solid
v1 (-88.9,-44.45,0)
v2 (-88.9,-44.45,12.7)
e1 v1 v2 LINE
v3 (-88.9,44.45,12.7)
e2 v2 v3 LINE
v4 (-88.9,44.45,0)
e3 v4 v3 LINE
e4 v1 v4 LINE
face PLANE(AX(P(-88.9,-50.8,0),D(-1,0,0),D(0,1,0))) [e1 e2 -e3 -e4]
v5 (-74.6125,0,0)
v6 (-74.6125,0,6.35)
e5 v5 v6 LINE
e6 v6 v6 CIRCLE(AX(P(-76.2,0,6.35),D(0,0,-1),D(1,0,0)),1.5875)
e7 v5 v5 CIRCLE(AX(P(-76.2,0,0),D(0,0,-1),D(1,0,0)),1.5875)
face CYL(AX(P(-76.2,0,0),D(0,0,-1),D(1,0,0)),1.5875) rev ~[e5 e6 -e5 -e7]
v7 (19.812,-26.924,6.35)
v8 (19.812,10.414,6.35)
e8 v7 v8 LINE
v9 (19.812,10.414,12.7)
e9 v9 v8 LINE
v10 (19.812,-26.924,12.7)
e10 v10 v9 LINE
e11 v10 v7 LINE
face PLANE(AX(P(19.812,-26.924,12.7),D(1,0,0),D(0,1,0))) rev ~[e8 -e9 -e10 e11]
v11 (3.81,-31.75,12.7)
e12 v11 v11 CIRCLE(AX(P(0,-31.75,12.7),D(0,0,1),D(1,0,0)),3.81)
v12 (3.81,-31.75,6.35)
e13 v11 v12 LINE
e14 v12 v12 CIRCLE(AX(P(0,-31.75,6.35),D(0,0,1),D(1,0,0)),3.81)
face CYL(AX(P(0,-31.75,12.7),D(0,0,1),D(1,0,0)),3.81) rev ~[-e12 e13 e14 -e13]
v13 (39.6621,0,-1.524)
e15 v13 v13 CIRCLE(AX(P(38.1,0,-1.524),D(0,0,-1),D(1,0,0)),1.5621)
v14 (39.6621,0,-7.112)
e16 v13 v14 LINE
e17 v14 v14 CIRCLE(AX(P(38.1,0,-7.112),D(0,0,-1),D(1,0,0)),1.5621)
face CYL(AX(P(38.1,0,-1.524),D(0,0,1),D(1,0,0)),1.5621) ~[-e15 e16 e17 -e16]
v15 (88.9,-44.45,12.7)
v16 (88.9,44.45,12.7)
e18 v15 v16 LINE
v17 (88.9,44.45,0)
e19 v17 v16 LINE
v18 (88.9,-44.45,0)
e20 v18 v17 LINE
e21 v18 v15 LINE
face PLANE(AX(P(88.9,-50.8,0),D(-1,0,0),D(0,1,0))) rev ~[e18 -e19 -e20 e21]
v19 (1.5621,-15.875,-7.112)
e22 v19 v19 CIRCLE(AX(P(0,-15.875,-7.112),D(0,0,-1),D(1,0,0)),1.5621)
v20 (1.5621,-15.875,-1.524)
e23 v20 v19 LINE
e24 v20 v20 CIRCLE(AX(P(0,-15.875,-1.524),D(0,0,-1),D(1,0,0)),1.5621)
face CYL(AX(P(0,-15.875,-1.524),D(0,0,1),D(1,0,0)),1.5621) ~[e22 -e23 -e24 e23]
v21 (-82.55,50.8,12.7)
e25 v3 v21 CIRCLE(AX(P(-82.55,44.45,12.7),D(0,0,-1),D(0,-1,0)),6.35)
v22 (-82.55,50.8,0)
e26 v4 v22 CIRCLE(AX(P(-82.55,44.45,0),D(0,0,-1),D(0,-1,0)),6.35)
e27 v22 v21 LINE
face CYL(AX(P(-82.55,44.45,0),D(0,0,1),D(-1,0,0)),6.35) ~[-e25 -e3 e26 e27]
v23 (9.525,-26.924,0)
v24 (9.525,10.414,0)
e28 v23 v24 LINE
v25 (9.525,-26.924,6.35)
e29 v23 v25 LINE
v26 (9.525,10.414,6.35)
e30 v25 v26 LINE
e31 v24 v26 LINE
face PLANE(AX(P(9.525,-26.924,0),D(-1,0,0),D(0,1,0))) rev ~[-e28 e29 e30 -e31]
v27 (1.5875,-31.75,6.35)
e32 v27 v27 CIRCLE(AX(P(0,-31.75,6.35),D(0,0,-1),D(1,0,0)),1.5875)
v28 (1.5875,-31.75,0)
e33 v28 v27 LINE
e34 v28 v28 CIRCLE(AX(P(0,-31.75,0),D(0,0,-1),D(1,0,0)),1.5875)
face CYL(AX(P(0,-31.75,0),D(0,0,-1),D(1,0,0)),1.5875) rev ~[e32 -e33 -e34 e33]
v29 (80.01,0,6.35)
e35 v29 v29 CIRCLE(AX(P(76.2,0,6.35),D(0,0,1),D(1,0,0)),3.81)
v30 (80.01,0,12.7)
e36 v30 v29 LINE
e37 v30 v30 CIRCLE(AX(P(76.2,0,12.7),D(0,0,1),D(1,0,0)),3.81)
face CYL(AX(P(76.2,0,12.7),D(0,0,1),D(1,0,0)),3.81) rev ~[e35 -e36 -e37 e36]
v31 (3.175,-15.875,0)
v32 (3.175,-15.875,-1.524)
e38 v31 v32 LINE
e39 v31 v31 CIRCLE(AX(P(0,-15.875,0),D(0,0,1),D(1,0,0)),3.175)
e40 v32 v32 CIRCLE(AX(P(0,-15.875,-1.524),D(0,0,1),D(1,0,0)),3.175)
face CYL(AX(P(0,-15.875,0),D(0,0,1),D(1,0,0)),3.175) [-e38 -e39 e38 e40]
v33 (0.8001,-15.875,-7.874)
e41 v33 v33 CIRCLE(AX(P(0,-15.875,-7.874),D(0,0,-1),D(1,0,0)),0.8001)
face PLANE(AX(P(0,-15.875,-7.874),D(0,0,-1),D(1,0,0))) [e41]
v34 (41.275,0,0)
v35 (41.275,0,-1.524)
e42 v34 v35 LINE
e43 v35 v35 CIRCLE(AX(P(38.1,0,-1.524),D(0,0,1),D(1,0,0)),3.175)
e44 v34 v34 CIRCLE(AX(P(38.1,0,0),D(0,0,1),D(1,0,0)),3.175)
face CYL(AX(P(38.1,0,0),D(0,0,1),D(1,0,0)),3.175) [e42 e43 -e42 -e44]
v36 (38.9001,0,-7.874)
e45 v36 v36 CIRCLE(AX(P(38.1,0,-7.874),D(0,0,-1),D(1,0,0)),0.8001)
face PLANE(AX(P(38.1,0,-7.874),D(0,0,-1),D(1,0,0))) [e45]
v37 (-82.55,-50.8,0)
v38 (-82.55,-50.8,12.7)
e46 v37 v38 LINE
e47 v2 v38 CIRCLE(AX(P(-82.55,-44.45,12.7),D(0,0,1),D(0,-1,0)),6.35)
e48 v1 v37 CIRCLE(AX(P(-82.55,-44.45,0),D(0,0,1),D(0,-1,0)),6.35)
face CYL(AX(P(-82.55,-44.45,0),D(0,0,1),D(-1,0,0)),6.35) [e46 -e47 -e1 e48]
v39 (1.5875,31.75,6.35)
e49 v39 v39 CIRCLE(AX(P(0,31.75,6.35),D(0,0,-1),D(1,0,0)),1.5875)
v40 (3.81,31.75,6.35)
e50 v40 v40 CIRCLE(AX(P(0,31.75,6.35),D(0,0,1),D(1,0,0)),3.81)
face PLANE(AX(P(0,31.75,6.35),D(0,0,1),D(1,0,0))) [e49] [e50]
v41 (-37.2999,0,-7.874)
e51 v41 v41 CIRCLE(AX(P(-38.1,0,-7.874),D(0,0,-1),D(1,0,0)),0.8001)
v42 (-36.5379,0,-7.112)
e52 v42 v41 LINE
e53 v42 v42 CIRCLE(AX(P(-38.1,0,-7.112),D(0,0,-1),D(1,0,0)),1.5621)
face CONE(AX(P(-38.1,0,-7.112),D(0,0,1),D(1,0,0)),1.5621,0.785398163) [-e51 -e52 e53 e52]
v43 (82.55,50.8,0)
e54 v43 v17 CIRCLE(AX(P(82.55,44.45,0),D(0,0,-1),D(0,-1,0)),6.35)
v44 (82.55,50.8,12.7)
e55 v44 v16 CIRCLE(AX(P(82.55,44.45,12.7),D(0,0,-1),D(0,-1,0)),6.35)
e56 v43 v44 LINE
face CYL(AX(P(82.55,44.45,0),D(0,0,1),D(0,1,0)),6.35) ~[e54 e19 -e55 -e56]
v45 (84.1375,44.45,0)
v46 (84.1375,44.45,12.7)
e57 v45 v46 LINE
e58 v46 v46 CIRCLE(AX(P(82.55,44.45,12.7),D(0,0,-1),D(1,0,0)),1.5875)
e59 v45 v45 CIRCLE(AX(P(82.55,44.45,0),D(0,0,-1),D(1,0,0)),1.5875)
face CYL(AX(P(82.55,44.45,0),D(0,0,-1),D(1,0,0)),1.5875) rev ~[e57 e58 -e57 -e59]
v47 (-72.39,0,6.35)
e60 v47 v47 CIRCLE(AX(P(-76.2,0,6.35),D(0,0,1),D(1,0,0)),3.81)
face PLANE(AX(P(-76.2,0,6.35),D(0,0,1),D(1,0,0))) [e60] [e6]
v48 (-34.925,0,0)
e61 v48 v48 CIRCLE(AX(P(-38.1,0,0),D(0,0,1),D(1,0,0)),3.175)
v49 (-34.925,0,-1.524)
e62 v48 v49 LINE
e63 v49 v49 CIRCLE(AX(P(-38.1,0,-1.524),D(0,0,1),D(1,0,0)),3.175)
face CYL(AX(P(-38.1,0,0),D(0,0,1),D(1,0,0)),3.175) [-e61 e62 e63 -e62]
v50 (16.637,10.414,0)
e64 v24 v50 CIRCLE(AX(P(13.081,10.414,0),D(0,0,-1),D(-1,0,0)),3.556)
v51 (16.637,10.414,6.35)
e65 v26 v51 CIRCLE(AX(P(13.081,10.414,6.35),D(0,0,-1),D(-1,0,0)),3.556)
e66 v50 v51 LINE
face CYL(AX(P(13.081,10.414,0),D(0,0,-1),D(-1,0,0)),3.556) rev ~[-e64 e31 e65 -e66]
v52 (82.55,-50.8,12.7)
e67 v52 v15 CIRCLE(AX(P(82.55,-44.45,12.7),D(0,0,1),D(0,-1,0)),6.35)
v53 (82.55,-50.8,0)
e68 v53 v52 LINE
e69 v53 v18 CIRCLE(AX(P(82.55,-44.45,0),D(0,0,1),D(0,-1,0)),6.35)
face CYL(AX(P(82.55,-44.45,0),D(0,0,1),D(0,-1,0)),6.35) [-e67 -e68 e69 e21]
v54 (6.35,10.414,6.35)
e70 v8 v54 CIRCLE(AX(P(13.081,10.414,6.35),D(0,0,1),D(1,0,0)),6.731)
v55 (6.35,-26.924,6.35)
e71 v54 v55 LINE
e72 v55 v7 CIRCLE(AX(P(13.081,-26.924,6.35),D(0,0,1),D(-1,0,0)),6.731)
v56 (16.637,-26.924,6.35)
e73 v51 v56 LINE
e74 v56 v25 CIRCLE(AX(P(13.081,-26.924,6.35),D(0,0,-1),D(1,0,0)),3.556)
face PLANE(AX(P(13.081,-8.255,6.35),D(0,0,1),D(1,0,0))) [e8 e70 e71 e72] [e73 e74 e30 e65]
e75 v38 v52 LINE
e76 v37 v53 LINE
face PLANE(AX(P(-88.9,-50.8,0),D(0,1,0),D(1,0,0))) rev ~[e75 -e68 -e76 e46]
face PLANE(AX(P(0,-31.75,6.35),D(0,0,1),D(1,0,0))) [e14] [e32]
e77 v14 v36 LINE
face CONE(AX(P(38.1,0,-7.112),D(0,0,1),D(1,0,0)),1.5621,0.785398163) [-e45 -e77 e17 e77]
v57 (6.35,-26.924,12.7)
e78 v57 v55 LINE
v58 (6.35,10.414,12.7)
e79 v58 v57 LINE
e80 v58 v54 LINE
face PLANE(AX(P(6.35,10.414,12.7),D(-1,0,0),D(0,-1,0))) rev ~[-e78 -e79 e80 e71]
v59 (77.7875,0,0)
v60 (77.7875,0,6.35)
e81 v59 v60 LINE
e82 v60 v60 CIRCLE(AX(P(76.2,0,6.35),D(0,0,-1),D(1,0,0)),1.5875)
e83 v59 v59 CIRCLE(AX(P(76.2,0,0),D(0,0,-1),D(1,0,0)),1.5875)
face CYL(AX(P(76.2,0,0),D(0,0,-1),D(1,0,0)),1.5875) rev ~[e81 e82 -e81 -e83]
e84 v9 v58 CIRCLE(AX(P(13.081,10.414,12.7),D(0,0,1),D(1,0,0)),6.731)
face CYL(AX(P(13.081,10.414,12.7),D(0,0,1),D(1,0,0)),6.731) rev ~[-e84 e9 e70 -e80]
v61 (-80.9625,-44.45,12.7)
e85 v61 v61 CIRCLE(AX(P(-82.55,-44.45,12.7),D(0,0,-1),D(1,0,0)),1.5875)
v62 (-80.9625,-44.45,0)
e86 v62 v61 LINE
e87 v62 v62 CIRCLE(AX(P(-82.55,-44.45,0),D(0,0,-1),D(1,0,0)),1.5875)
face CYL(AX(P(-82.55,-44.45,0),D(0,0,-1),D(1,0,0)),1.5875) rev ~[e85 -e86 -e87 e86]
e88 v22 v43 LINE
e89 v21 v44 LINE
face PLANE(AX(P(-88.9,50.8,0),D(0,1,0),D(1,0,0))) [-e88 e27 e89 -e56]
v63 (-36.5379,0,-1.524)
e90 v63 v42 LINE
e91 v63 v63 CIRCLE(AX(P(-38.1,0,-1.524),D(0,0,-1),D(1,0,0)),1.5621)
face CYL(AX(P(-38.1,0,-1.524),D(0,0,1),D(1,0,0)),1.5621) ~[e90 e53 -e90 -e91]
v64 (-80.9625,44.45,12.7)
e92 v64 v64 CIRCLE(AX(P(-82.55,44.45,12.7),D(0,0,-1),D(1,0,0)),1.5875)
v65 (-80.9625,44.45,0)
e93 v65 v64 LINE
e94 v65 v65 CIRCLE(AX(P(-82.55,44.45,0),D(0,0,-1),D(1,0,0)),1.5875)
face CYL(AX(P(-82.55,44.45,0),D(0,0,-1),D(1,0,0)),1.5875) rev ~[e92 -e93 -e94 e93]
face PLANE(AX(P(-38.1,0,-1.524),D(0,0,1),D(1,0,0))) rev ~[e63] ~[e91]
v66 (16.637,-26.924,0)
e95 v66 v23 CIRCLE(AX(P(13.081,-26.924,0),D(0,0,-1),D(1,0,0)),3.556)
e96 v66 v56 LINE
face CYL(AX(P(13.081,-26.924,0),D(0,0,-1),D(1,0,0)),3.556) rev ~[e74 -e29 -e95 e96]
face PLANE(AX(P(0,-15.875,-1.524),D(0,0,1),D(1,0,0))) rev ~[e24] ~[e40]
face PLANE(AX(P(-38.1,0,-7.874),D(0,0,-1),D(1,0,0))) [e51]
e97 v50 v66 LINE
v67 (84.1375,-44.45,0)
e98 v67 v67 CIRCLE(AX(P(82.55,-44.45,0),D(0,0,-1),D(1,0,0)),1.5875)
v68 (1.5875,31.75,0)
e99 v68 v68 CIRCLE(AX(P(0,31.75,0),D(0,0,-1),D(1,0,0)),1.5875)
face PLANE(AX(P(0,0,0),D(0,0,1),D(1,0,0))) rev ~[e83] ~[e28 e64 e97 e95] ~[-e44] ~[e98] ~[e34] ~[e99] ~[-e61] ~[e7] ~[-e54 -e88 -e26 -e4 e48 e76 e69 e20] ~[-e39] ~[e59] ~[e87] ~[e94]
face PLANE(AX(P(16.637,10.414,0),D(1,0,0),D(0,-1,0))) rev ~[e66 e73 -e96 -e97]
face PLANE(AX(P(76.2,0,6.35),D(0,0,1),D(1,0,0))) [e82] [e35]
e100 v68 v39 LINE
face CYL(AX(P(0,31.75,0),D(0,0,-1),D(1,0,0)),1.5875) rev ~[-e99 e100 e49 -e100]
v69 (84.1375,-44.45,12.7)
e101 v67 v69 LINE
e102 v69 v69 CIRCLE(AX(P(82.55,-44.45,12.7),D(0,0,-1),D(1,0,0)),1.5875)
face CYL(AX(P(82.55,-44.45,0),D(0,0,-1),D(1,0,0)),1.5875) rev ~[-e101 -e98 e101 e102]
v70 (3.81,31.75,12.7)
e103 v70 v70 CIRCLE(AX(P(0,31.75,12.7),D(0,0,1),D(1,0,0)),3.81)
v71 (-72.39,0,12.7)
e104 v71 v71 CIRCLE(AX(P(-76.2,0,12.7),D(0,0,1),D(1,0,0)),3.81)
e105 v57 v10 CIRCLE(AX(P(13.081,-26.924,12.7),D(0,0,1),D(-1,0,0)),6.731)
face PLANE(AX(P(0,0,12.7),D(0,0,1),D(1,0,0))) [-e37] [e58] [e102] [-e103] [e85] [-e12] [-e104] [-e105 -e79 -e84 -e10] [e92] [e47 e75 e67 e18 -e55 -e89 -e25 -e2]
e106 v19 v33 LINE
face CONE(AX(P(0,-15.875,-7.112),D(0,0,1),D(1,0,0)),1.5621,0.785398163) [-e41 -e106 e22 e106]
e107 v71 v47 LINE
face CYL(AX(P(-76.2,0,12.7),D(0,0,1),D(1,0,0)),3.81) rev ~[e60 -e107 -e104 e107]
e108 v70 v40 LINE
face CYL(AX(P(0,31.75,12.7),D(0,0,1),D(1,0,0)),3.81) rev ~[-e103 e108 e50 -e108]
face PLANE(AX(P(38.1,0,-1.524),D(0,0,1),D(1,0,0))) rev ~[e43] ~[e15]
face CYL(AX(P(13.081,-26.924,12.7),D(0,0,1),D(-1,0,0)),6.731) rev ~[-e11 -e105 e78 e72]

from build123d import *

# Parameters (mm, degrees)
F0_W      = 177.8
F0_H      = 101.6
F1_DEPTH  = 12.7
F2_R      = 3.175
F3_DEPTH  = 1.524
F4_R      = 1.5621
F5_DEPTH  = 6.35
F6_SIZE   = 0.762
F7_R      = 6.35
F8_R      = 1.5875
F9_DEPTH  = 12.701
F10_R     = 1.5875
F11_DEPTH = 12.701
F12_R     = 3.81
F13_DEPTH = 6.35
F15_DEPTH = 12.701
F17_DEPTH = 6.35
F18_R     = 1.5875
F19_DEPTH = 12.701
F20_R     = 3.81
F21_DEPTH = 6.35


with BuildPart() as f1:
    # F0 (on Top) → F1 (new body)
    with BuildSketch(Plane.XY):
        Rectangle(F0_W, F0_H)
    extrude(amount=F1_DEPTH)

    # F2 (on Top) → F3 (join)
    with BuildSketch(Plane.XY):
        with Locations((-38.1, 0)):
            Circle(F2_R)
        with Locations((38.1, 0)):
            Circle(F2_R)
        with Locations((0, -15.875)):
            Circle(F2_R)
    extrude(amount=-F3_DEPTH)

    # F4 (on face) → F5 (join)
    with BuildSketch(Plane(origin=(0, 0, -1.524), x_dir=(1, 0, 0), z_dir=(0, 0, -1))):
        with Locations((-38.1, 0)):
            Circle(F4_R)
        with Locations((38.1, 0)):
            Circle(F4_R)
        with Locations((0, 15.875)):
            Circle(F4_R)
    extrude(amount=F5_DEPTH)

    # F6
    f6_edges = [f1.edges().sort_by_distance(p)[0] for p in [
        (-39.6621, 0, -7.874),
        (-1.5621, -15.875, -7.874),
        (36.5379, 0, -7.874),
    ]]
    chamfer(f6_edges, length=F6_SIZE)

    # F7
    f7_edges = [f1.edges().sort_by_distance(p)[0] for p in [
        (-88.9, -50.8, 6.35),
        (88.9, -50.8, 6.35),
        (88.9, 50.8, 6.35),
        (-88.9, 50.8, 6.35),
    ]]
    fillet(f7_edges, radius=F7_R)

    # F8 (on face) → F9 (cut, through all)
    with BuildSketch(Plane(origin=(0, 0, 0), x_dir=(1, 0, 0), z_dir=(0, 0, -1))):
        with Locations((82.55, 44.45)):
            Circle(F8_R)
        with Locations((82.55, -44.45)):
            Circle(F8_R)
        with Locations((-82.55, -44.45)):
            Circle(F8_R)
        with Locations((-82.55, 44.45)):
            Circle(F8_R)
    extrude(amount=-F9_DEPTH, mode=Mode.SUBTRACT)

    # F10 (on face) → F11 (cut, through all)
    with BuildSketch(Plane(origin=(0, 0, 0), x_dir=(1, 0, 0), z_dir=(0, 0, -1))):
        with Locations((0, 31.75)):
            Circle(F10_R)
        with Locations((0, -31.75)):
            Circle(F10_R)
    extrude(amount=-F11_DEPTH, mode=Mode.SUBTRACT)

    # F12 (on face) → F13 (cut)
    with BuildSketch(Plane.XY.offset(12.7)):
        with Locations((0, 31.75)):
            Circle(F12_R)
        with Locations((0, -31.75)):
            Circle(F12_R)
    extrude(amount=-F13_DEPTH, mode=Mode.SUBTRACT)

    # F14 (on face) → F15 (cut, through all)
    with BuildSketch(Plane(origin=(0, 0, 0), x_dir=(1, 0, 0), z_dir=(0, 0, -1))):
        with BuildLine():
            ThreePointArc((16.637, 26.924), (13.081, 30.48), (9.525, 26.924))
            Line((9.525, 26.924), (9.525, -10.414))
            ThreePointArc((9.525, -10.414), (13.081, -13.97), (16.637, -10.414))
            Line((16.637, -10.414), (16.637, 26.924))
        make_face()
    extrude(amount=-F15_DEPTH, mode=Mode.SUBTRACT)

    # F16 (on face) → F17 (cut)
    with BuildSketch(Plane.XY.offset(12.7)):
        with BuildLine():
            Line((19.812, -26.924), (19.812, 10.414))
            ThreePointArc((19.812, 10.414), (13.081, 17.145), (6.35, 10.414))
            Line((6.35, 10.414), (6.35, -26.924))
            ThreePointArc((6.35, -26.924), (13.081, -33.655), (19.812, -26.924))
        make_face()
    extrude(amount=-F17_DEPTH, mode=Mode.SUBTRACT)

    # F18 (on face) → F19 (cut, through all)
    with BuildSketch(Plane(origin=(0, 0, 0), x_dir=(1, 0, 0), z_dir=(0, 0, -1))):
        with Locations((76.2, 0)):
            Circle(F18_R)
        with Locations((-76.2, 0)):
            Circle(F18_R)
    extrude(amount=-F19_DEPTH, mode=Mode.SUBTRACT)

    # F20 (on face) → F21 (cut)
    with BuildSketch(Plane.XY.offset(12.7)):
        with Locations((-76.2, 0)):
            Circle(F20_R)
        with Locations((76.2, 0)):
            Circle(F20_R)
    extrude(amount=-F21_DEPTH, mode=Mode.SUBTRACT)


solid = f1.part
